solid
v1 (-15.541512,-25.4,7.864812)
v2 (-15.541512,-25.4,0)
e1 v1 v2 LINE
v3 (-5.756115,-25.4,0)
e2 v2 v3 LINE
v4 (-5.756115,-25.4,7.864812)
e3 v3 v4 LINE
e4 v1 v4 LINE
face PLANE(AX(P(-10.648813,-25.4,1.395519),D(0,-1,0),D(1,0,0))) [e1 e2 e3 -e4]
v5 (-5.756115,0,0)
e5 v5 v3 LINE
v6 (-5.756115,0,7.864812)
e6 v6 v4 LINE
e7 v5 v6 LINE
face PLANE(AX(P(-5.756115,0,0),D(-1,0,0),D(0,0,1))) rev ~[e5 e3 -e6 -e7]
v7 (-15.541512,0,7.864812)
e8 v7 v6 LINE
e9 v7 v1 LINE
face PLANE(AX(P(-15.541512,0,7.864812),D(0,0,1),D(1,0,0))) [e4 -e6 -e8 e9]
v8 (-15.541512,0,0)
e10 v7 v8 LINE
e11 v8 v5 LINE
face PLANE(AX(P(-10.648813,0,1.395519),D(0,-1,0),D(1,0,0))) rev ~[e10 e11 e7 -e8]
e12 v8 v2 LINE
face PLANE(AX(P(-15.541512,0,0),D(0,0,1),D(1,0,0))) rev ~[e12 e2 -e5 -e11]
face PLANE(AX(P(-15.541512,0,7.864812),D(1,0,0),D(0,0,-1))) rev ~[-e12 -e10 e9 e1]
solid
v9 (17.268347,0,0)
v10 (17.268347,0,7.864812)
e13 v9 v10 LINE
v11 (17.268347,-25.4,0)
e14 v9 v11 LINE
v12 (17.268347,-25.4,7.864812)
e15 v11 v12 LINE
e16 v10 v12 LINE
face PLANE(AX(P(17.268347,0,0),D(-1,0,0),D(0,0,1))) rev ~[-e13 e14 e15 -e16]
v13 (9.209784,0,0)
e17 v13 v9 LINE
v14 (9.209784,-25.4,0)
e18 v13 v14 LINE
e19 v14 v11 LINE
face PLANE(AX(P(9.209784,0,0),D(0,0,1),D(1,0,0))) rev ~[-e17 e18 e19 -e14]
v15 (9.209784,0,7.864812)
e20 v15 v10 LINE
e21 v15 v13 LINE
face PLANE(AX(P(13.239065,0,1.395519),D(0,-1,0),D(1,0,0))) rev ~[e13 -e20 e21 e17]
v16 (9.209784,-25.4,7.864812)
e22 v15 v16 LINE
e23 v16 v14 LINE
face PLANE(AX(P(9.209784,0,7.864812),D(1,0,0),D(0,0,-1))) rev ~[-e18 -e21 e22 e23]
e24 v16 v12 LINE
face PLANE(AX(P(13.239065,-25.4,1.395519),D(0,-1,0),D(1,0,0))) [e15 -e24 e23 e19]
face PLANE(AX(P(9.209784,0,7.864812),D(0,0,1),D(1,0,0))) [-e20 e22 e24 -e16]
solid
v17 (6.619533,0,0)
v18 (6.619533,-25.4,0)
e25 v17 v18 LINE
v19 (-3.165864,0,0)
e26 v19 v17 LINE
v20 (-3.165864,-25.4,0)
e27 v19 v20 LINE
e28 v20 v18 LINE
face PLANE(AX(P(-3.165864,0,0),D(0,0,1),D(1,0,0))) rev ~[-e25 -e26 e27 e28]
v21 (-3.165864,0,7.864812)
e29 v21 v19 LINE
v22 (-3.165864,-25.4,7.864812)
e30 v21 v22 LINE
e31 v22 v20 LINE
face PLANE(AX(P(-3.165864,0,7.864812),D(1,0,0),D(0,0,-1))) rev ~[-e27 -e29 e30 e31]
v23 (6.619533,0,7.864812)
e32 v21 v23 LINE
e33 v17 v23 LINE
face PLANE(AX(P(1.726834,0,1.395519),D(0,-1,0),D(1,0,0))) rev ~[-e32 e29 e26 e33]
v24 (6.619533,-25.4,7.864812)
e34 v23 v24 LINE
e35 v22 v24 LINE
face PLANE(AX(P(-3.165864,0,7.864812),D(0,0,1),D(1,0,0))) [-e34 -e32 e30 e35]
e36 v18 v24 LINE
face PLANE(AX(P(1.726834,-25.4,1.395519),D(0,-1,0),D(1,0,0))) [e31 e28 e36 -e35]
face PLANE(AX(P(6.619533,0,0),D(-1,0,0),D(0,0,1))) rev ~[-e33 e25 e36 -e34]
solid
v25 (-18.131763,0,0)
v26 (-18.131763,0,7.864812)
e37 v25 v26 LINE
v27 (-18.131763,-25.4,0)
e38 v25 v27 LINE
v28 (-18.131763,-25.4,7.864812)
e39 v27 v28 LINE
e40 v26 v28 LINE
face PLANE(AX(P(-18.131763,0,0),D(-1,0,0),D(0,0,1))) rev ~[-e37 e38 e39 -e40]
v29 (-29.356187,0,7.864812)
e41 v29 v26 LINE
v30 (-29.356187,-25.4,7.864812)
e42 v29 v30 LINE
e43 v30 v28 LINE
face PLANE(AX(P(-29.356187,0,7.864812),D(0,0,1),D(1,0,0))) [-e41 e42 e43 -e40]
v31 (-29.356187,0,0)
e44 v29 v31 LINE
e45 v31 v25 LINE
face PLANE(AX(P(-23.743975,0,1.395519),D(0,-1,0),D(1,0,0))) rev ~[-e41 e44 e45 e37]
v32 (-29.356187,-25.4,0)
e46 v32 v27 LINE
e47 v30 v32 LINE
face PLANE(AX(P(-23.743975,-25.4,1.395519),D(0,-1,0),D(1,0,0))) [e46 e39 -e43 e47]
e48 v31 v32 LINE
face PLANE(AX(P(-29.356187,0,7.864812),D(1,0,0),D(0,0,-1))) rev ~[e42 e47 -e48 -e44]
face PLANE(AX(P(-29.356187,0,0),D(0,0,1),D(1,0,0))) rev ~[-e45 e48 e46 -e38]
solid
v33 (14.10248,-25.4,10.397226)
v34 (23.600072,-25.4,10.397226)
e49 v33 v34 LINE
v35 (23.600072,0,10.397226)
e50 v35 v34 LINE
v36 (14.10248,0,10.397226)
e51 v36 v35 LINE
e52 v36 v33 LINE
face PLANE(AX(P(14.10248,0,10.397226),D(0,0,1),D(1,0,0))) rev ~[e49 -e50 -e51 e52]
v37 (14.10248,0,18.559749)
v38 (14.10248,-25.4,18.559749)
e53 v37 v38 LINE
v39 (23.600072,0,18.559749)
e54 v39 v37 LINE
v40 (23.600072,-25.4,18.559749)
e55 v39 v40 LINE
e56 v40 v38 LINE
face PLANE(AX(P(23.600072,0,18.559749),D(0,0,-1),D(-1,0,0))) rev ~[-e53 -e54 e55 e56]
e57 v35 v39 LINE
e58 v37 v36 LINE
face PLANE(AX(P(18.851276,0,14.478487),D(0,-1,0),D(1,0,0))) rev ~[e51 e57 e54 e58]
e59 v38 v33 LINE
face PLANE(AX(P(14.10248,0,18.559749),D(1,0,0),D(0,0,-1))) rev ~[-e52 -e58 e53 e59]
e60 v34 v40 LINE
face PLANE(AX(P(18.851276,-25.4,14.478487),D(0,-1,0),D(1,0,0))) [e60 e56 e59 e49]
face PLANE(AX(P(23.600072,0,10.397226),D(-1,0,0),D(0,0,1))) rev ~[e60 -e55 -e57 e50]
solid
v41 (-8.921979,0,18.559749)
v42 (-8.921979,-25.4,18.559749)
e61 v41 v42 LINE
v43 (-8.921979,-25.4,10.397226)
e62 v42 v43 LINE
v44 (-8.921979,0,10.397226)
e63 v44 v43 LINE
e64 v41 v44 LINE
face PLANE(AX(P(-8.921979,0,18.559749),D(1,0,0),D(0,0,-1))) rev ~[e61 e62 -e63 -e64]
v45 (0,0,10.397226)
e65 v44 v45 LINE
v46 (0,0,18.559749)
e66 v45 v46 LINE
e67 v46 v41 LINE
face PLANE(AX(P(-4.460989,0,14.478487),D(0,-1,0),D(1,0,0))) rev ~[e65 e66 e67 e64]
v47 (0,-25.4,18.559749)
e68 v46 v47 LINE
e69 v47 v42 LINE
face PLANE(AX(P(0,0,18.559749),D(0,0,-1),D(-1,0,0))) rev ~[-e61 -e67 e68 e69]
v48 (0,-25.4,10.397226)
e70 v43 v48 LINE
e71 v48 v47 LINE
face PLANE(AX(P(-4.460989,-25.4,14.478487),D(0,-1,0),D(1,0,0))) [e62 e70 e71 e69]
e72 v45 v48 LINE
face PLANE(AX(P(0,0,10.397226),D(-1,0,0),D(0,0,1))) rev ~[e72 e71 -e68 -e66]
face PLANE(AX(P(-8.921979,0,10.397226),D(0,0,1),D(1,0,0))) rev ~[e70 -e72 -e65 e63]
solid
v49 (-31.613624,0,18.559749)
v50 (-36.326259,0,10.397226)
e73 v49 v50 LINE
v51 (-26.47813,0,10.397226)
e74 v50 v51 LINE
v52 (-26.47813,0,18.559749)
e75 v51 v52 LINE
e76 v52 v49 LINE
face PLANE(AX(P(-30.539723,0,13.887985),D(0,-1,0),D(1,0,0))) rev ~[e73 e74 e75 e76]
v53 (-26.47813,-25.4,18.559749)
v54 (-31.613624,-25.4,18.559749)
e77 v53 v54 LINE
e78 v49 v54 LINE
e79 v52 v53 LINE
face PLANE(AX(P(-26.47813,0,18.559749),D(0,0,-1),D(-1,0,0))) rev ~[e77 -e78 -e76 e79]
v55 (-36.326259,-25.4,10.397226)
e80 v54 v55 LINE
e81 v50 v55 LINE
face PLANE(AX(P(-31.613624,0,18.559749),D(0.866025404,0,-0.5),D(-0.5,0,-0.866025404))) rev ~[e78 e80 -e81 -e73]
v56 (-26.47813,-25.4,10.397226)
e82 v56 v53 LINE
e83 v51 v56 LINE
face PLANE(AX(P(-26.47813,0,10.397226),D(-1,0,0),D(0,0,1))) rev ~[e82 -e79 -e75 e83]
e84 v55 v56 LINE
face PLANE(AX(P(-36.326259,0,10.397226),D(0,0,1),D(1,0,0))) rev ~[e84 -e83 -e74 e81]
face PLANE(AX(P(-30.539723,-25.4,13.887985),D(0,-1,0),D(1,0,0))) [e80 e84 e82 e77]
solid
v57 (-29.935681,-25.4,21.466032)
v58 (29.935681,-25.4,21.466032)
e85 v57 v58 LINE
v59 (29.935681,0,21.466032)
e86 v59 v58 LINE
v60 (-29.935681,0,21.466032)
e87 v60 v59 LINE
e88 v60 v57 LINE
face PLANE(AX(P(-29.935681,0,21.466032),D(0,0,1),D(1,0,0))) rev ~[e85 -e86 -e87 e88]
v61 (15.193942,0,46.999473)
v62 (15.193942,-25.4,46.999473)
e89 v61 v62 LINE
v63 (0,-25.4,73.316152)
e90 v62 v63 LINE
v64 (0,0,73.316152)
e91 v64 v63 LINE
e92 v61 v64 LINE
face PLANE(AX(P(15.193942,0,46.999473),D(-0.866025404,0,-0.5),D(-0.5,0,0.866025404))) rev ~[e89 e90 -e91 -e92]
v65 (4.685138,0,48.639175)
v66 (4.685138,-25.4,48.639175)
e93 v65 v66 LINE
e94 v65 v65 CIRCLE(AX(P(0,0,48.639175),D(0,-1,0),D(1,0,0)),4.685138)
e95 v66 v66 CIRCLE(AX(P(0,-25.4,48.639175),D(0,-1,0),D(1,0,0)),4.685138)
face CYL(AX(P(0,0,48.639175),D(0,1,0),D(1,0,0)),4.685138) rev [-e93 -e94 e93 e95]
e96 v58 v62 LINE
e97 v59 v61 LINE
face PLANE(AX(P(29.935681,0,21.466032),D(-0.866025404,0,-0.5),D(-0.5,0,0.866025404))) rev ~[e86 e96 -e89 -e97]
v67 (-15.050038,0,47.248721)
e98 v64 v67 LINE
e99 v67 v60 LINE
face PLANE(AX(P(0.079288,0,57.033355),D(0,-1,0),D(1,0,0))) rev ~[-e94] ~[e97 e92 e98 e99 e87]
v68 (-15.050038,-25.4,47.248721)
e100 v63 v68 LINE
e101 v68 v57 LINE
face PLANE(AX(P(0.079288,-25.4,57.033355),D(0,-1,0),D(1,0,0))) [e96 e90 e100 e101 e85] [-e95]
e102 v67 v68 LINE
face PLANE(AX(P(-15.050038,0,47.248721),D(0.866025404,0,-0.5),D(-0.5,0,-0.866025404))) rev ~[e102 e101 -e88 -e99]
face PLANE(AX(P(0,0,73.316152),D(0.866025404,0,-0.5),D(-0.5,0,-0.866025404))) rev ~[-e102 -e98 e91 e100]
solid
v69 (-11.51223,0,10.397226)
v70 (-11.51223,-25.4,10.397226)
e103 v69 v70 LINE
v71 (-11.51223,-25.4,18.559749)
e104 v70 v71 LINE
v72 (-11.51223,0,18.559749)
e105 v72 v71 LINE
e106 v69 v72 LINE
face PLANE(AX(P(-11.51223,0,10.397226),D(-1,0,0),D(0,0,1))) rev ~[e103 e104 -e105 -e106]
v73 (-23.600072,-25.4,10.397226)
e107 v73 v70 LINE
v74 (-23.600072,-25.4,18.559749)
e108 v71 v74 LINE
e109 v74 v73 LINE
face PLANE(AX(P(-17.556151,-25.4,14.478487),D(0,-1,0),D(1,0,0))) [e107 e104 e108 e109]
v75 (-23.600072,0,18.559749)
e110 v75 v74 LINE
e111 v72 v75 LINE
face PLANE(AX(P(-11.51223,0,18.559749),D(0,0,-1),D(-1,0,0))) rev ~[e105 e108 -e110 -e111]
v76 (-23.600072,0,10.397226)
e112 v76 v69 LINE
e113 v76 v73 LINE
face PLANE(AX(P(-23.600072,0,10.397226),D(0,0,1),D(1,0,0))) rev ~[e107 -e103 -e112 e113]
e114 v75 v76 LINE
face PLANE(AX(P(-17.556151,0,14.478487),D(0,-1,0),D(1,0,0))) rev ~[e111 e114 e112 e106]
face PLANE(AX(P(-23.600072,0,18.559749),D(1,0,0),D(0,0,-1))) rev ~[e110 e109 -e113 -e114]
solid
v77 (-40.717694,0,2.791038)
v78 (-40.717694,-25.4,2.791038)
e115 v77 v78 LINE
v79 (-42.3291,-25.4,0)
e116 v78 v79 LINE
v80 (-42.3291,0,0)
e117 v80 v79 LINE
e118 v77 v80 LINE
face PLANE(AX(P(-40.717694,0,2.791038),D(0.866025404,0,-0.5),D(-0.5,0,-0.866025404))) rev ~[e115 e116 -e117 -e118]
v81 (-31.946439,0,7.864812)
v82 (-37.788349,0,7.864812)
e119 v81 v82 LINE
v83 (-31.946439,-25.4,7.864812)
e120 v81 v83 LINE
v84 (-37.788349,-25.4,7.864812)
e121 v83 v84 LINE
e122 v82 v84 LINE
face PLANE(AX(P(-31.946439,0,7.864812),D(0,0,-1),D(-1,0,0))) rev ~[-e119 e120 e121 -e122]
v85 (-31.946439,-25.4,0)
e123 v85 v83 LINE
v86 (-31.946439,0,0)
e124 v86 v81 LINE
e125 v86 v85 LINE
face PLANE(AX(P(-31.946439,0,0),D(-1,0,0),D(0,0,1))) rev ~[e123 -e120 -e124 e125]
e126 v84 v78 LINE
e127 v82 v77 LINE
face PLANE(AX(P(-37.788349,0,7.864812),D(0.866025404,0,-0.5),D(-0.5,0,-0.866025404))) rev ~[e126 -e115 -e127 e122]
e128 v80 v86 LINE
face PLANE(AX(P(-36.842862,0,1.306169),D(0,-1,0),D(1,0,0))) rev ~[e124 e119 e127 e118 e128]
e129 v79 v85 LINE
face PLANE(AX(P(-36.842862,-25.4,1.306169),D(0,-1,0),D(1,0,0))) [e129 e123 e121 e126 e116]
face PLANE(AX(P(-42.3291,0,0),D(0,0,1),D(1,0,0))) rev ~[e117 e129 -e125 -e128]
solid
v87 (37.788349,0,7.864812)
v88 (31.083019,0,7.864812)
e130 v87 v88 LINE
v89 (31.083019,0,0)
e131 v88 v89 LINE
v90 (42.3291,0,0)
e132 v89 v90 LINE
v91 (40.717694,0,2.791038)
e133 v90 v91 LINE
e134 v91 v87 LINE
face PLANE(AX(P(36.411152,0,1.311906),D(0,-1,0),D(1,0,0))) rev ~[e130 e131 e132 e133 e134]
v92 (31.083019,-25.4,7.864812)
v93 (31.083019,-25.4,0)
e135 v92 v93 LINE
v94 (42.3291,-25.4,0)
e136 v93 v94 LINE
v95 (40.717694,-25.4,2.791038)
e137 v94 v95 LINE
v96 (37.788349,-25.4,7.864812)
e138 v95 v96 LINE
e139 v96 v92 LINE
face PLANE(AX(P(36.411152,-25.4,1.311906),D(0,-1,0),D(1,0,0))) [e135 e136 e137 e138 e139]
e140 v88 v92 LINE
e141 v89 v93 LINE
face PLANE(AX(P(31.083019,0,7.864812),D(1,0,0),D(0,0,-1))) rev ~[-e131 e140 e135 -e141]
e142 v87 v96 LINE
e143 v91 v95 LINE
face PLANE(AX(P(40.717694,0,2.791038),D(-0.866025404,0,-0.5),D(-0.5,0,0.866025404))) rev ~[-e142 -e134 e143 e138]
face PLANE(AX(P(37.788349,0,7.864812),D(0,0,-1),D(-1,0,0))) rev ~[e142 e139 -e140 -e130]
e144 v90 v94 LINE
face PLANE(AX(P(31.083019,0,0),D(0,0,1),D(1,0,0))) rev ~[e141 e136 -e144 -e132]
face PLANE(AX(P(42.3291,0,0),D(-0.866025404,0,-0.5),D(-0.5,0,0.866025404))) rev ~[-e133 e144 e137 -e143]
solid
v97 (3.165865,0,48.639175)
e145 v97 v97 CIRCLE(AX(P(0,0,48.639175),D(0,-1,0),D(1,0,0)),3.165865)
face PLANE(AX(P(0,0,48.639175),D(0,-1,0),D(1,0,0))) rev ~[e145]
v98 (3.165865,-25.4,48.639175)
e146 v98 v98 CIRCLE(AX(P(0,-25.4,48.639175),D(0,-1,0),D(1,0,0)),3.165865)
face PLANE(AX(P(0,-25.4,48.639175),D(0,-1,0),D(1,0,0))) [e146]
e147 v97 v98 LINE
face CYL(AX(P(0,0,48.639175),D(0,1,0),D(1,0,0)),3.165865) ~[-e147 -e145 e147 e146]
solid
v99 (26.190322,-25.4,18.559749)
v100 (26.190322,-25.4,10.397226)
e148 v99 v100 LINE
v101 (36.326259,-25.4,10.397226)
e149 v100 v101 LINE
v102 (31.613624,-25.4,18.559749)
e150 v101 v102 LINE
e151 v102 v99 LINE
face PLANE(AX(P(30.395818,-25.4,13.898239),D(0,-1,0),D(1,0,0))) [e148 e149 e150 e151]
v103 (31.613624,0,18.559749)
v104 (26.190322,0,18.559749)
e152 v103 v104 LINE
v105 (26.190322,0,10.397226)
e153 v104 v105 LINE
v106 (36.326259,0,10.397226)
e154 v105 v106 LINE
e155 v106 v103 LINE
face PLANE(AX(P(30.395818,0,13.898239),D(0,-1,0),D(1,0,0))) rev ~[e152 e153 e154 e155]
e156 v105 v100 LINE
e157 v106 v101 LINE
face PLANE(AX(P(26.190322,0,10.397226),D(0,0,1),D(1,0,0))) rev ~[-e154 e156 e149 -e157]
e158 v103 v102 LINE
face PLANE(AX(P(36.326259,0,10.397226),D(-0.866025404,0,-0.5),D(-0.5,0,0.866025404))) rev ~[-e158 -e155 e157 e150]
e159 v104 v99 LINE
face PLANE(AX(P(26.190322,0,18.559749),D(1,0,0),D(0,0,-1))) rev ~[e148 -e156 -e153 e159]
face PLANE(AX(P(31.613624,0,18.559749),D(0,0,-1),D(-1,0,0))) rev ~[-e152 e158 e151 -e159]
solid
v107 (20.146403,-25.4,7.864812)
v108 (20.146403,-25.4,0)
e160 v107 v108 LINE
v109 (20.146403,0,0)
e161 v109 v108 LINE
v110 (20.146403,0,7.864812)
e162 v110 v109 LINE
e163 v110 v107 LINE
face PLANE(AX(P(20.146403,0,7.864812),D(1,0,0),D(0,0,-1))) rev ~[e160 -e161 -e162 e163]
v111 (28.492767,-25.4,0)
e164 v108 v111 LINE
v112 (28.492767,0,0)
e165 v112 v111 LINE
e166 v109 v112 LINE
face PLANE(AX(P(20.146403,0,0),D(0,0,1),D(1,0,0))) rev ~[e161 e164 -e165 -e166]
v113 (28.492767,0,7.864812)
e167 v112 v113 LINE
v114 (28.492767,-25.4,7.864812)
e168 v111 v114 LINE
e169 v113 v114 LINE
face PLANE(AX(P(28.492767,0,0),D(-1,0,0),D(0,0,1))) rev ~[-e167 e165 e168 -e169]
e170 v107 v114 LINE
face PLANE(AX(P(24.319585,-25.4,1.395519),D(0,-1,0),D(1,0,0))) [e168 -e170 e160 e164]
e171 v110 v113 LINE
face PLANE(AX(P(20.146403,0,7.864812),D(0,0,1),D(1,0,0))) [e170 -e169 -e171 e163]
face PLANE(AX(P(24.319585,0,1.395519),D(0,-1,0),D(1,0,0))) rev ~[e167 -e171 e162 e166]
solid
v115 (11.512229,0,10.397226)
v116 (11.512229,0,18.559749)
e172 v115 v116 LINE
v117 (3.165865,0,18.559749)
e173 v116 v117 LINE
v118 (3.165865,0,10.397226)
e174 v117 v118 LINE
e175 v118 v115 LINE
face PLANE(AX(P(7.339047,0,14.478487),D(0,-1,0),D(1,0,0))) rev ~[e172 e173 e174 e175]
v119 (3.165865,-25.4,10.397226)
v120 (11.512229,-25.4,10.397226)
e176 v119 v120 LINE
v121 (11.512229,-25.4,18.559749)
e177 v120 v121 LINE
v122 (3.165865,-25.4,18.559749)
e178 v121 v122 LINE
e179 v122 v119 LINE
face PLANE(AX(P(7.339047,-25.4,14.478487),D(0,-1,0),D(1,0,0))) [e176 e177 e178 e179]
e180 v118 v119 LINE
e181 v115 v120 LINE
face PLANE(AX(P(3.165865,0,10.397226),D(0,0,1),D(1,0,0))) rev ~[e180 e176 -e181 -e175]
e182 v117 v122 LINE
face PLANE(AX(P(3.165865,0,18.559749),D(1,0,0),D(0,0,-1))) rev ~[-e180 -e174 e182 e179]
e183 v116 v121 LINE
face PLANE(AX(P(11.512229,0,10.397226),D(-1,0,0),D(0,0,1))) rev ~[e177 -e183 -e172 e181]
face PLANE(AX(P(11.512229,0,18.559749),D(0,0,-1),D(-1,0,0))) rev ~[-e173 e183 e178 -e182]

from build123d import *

# Parameters (mm, degrees)
F0_R     = 4.6851378816
F1_DEPTH = 25.4
F0_W     = 11.2244244665
F0_H     = 2.7910378677
F0_H_2   = 5.0737742207
F0_W_2   = 9.7853969783
F0_W_3   = 9.7853962798
F0_W_4   = 8.0585628748
F0_W_5   = 8.3463639021
F0_R_2   = 3.1658646185


with BuildPart() as f1:
    # F0 (on Front) → F1 (new body)
    with BuildSketch(Plane.XZ):
        with BuildLine():
            Line((15.1939415336, 46.9994731352), (0, 73.3161518387))
            Line((0, 73.3161518387), (-15.0500384588, 47.2487205721))
            add(Edge.make_bspline(
                [(15.1939415336, 46.9994731352), (0, 57.5611554086), (0, 57.5611554086), (-15.0500384588, 47.2487205721)],
                knots=[0, 0, 0, 0, 30.2450070271, 30.2450070271, 30.2450070271, 30.2450070271], degree=3))
        make_face()
        with BuildLine():
            add(Edge.make_bspline(
                [(-15.0500384588, 47.2487205721), (0.2878046944, 40.8684164286), (0.2878046944, 40.8684164286), (15.1939415336, 46.9994731352)],
                knots=[0, 0, 0, 0, 30.2450070271, 30.2450070271, 30.2450070271, 30.2450070271], degree=3))
            Line((-15.0500384588, 47.2487205721), (-29.9356807926, 21.4660317468))
            Line((-29.9356807926, 21.4660317468), (29.9356807926, 21.4660317468))
            Line((29.9356807926, 21.4660317468), (15.1939415336, 46.9994731352))
        make_face()
        with BuildLine():
            add(Edge.make_bspline(
                [(15.1939415336, 46.9994731352), (0, 57.5611554086), (0, 57.5611554086), (-15.0500384588, 47.2487205721)],
                knots=[0, 0, 0, 0, 30.2450070271, 30.2450070271, 30.2450070271, 30.2450070271], degree=3))
            add(Edge.make_bspline(
                [(-15.0500384588, 47.2487205721), (0.2878046944, 40.8684164286), (0.2878046944, 40.8684164286), (15.1939415336, 46.9994731352)],
                knots=[0, 0, 0, 0, 30.2450070271, 30.2450070271, 30.2450070271, 30.2450070271], degree=3))
        make_face()
        with Locations((0, 48.6391745508)):
            Circle(F0_R, mode=Mode.SUBTRACT)
    extrude(amount=F1_DEPTH)


with BuildPart() as f1b:
    # F0 (on Front) → F1, piece 2 (new body)
    with BuildSketch(Plane.XZ):
        Polygon((-31.946439296, 2.7910378677), (-40.7176935358, 2.7910378677), (-42.3291, 0), (-31.946439296, 0), align=None)
        Polygon((-31.946439296, 7.8648120884), (-37.7883486236, 7.8648120884), (-40.7176935358, 2.7910378677), (-31.946439296, 2.7910378677), align=None)
    extrude(amount=F1_DEPTH)


with BuildPart() as f1c:
    # F0 (on Front) → F1, piece 3 (new body)
    with BuildSketch(Plane.XZ):
        Polygon((42.3291, 0), (40.7176935358, 2.7910378677), (31.0830194503, 2.7910378677), (31.0830194503, 0), align=None)
        Polygon((40.7176935358, 2.7910378677), (37.7883486236, 7.8648120884), (31.0830194503, 7.8648120884), (31.0830194503, 2.7910378677), align=None)
    extrude(amount=F1_DEPTH)


with BuildPart() as f1d:
    # F0 (on Front) → F1, piece 4 (new body)
    with BuildSketch(Plane.XZ):
        with Locations((-23.7439749762, 1.3955189338)):
            Rectangle(F0_W, F0_H)
        with Locations((-23.7439749762, 5.327924978)):
            Rectangle(F0_W, F0_H_2)
    extrude(amount=F1_DEPTH)


with BuildPart() as f1e:
    # F0 (on Front) → F1, piece 5 (new body)
    with BuildSketch(Plane.XZ):
        with Locations((-10.6488130987, 1.3955189338)):
            Rectangle(F0_W_2, F0_H)
        with Locations((-10.6488130987, 5.327924978)):
            Rectangle(F0_W_2, F0_H_2)
    extrude(amount=F1_DEPTH)


with BuildPart() as f1f:
    # F0 (on Front) → F1, piece 6 (new body)
    with BuildSketch(Plane.XZ):
        with Locations((1.7268344527, 1.3955189338)):
            Rectangle(F0_W_3, F0_H)
        with Locations((1.7268344527, 5.327924978)):
            Rectangle(F0_W_3, F0_H_2)
    extrude(amount=F1_DEPTH)


with BuildPart() as f1g:
    # F0 (on Front) → F1, piece 7 (new body)
    with BuildSketch(Plane.XZ):
        with Locations((13.2390651852, 1.3955189338)):
            Rectangle(F0_W_4, F0_H)
        with Locations((13.2390651852, 5.327924978)):
            Rectangle(F0_W_4, F0_H_2)
    extrude(amount=F1_DEPTH)


with BuildPart() as f1h:
    # F0 (on Front) → F1, piece 8 (new body)
    with BuildSketch(Plane.XZ):
        with Locations((24.3195854127, 1.3955189338)):
            Rectangle(F0_W_5, F0_H)
        with Locations((24.3195854127, 5.327924978)):
            Rectangle(F0_W_5, F0_H_2)
    extrude(amount=F1_DEPTH)


with BuildPart() as f1i:
    # F0 (on Front) → F1, piece 9 (new body)
    with BuildSketch(Plane.XZ):
        Polygon((-26.4781303704, 18.5597488231), (-31.6136240209, 18.5597488231), (-36.3262589598, 10.3972256714), (-31.946439296, 10.3972256714), (-29.3561872095, 10.3972256714), (-26.4781303704, 10.3972256714), align=None)
    extrude(amount=F1_DEPTH)


with BuildPart() as f1j:
    # F0 (on Front) → F1, piece 10 (new body)
    with BuildSketch(Plane.XZ):
        Polygon((36.3262589598, 10.3972256714), (31.6136240209, 18.5597488231), (26.1903218925, 18.5597488231), (26.1903218925, 10.3972256714), (28.4927673638, 10.3972256714), (31.0830194503, 10.3972256714), align=None)
    extrude(amount=F1_DEPTH)


with BuildPart() as f1k:
    # F0 (on Front) → F1, piece 11 (new body)
    with BuildSketch(Plane.XZ):
        Polygon((-11.5122301504, 18.5597488231), (-23.6000716686, 18.5597488231), (-23.6000716686, 10.3972256714), (-18.131762743, 10.3972256714), (-15.5415115878, 10.3972256714), (-11.5122301504, 10.3972256714), align=None)
    extrude(amount=F1_DEPTH)


with BuildPart() as f1l:
    # F0 (on Front) → F1, piece 12 (new body)
    with BuildSketch(Plane.XZ):
        Polygon((0, 18.5597488231), (-8.9219789952, 18.5597488231), (-8.9219789952, 10.3972256714), (-5.7561146095, 10.3972256714), (-3.1658636872, 10.3972256714), (0, 10.3972256714), align=None)
    extrude(amount=F1_DEPTH)


with BuildPart() as f1m:
    # F0 (on Front) → F1, piece 13 (new body)
    with BuildSketch(Plane.XZ):
        Polygon((11.5122292191, 10.3972256714), (11.5122292191, 18.5597488231), (3.1658646185, 18.5597488231), (3.1658646185, 10.3972256714), (6.6195325926, 10.3972256714), (9.2097837478, 10.3972256714), align=None)
    extrude(amount=F1_DEPTH)


with BuildPart() as f1n:
    # F0 (on Front) → F1, piece 14 (new body)
    with BuildSketch(Plane.XZ):
        Polygon((23.6000716686, 10.3972256714), (23.6000716686, 18.5597488231), (14.1024803743, 18.5597488231), (14.1024803743, 10.3972256714), (17.2683466226, 10.3972256714), (20.1464034617, 10.3972256714), align=None)
    extrude(amount=F1_DEPTH)


with BuildPart() as f1o:
    # F0 (on Front) → F1, piece 15 (new body)
    with BuildSketch(Plane.XZ):
        with Locations((0, 48.6391745508)):
            Circle(F0_R_2)
    extrude(amount=F1_DEPTH)


solid = Compound([f1.part, f1b.part, f1c.part, f1d.part, f1e.part, f1f.part, f1g.part, f1h.part, f1i.part, f1j.part, f1k.part, f1l.part, f1m.part, f1n.part, f1o.part])
